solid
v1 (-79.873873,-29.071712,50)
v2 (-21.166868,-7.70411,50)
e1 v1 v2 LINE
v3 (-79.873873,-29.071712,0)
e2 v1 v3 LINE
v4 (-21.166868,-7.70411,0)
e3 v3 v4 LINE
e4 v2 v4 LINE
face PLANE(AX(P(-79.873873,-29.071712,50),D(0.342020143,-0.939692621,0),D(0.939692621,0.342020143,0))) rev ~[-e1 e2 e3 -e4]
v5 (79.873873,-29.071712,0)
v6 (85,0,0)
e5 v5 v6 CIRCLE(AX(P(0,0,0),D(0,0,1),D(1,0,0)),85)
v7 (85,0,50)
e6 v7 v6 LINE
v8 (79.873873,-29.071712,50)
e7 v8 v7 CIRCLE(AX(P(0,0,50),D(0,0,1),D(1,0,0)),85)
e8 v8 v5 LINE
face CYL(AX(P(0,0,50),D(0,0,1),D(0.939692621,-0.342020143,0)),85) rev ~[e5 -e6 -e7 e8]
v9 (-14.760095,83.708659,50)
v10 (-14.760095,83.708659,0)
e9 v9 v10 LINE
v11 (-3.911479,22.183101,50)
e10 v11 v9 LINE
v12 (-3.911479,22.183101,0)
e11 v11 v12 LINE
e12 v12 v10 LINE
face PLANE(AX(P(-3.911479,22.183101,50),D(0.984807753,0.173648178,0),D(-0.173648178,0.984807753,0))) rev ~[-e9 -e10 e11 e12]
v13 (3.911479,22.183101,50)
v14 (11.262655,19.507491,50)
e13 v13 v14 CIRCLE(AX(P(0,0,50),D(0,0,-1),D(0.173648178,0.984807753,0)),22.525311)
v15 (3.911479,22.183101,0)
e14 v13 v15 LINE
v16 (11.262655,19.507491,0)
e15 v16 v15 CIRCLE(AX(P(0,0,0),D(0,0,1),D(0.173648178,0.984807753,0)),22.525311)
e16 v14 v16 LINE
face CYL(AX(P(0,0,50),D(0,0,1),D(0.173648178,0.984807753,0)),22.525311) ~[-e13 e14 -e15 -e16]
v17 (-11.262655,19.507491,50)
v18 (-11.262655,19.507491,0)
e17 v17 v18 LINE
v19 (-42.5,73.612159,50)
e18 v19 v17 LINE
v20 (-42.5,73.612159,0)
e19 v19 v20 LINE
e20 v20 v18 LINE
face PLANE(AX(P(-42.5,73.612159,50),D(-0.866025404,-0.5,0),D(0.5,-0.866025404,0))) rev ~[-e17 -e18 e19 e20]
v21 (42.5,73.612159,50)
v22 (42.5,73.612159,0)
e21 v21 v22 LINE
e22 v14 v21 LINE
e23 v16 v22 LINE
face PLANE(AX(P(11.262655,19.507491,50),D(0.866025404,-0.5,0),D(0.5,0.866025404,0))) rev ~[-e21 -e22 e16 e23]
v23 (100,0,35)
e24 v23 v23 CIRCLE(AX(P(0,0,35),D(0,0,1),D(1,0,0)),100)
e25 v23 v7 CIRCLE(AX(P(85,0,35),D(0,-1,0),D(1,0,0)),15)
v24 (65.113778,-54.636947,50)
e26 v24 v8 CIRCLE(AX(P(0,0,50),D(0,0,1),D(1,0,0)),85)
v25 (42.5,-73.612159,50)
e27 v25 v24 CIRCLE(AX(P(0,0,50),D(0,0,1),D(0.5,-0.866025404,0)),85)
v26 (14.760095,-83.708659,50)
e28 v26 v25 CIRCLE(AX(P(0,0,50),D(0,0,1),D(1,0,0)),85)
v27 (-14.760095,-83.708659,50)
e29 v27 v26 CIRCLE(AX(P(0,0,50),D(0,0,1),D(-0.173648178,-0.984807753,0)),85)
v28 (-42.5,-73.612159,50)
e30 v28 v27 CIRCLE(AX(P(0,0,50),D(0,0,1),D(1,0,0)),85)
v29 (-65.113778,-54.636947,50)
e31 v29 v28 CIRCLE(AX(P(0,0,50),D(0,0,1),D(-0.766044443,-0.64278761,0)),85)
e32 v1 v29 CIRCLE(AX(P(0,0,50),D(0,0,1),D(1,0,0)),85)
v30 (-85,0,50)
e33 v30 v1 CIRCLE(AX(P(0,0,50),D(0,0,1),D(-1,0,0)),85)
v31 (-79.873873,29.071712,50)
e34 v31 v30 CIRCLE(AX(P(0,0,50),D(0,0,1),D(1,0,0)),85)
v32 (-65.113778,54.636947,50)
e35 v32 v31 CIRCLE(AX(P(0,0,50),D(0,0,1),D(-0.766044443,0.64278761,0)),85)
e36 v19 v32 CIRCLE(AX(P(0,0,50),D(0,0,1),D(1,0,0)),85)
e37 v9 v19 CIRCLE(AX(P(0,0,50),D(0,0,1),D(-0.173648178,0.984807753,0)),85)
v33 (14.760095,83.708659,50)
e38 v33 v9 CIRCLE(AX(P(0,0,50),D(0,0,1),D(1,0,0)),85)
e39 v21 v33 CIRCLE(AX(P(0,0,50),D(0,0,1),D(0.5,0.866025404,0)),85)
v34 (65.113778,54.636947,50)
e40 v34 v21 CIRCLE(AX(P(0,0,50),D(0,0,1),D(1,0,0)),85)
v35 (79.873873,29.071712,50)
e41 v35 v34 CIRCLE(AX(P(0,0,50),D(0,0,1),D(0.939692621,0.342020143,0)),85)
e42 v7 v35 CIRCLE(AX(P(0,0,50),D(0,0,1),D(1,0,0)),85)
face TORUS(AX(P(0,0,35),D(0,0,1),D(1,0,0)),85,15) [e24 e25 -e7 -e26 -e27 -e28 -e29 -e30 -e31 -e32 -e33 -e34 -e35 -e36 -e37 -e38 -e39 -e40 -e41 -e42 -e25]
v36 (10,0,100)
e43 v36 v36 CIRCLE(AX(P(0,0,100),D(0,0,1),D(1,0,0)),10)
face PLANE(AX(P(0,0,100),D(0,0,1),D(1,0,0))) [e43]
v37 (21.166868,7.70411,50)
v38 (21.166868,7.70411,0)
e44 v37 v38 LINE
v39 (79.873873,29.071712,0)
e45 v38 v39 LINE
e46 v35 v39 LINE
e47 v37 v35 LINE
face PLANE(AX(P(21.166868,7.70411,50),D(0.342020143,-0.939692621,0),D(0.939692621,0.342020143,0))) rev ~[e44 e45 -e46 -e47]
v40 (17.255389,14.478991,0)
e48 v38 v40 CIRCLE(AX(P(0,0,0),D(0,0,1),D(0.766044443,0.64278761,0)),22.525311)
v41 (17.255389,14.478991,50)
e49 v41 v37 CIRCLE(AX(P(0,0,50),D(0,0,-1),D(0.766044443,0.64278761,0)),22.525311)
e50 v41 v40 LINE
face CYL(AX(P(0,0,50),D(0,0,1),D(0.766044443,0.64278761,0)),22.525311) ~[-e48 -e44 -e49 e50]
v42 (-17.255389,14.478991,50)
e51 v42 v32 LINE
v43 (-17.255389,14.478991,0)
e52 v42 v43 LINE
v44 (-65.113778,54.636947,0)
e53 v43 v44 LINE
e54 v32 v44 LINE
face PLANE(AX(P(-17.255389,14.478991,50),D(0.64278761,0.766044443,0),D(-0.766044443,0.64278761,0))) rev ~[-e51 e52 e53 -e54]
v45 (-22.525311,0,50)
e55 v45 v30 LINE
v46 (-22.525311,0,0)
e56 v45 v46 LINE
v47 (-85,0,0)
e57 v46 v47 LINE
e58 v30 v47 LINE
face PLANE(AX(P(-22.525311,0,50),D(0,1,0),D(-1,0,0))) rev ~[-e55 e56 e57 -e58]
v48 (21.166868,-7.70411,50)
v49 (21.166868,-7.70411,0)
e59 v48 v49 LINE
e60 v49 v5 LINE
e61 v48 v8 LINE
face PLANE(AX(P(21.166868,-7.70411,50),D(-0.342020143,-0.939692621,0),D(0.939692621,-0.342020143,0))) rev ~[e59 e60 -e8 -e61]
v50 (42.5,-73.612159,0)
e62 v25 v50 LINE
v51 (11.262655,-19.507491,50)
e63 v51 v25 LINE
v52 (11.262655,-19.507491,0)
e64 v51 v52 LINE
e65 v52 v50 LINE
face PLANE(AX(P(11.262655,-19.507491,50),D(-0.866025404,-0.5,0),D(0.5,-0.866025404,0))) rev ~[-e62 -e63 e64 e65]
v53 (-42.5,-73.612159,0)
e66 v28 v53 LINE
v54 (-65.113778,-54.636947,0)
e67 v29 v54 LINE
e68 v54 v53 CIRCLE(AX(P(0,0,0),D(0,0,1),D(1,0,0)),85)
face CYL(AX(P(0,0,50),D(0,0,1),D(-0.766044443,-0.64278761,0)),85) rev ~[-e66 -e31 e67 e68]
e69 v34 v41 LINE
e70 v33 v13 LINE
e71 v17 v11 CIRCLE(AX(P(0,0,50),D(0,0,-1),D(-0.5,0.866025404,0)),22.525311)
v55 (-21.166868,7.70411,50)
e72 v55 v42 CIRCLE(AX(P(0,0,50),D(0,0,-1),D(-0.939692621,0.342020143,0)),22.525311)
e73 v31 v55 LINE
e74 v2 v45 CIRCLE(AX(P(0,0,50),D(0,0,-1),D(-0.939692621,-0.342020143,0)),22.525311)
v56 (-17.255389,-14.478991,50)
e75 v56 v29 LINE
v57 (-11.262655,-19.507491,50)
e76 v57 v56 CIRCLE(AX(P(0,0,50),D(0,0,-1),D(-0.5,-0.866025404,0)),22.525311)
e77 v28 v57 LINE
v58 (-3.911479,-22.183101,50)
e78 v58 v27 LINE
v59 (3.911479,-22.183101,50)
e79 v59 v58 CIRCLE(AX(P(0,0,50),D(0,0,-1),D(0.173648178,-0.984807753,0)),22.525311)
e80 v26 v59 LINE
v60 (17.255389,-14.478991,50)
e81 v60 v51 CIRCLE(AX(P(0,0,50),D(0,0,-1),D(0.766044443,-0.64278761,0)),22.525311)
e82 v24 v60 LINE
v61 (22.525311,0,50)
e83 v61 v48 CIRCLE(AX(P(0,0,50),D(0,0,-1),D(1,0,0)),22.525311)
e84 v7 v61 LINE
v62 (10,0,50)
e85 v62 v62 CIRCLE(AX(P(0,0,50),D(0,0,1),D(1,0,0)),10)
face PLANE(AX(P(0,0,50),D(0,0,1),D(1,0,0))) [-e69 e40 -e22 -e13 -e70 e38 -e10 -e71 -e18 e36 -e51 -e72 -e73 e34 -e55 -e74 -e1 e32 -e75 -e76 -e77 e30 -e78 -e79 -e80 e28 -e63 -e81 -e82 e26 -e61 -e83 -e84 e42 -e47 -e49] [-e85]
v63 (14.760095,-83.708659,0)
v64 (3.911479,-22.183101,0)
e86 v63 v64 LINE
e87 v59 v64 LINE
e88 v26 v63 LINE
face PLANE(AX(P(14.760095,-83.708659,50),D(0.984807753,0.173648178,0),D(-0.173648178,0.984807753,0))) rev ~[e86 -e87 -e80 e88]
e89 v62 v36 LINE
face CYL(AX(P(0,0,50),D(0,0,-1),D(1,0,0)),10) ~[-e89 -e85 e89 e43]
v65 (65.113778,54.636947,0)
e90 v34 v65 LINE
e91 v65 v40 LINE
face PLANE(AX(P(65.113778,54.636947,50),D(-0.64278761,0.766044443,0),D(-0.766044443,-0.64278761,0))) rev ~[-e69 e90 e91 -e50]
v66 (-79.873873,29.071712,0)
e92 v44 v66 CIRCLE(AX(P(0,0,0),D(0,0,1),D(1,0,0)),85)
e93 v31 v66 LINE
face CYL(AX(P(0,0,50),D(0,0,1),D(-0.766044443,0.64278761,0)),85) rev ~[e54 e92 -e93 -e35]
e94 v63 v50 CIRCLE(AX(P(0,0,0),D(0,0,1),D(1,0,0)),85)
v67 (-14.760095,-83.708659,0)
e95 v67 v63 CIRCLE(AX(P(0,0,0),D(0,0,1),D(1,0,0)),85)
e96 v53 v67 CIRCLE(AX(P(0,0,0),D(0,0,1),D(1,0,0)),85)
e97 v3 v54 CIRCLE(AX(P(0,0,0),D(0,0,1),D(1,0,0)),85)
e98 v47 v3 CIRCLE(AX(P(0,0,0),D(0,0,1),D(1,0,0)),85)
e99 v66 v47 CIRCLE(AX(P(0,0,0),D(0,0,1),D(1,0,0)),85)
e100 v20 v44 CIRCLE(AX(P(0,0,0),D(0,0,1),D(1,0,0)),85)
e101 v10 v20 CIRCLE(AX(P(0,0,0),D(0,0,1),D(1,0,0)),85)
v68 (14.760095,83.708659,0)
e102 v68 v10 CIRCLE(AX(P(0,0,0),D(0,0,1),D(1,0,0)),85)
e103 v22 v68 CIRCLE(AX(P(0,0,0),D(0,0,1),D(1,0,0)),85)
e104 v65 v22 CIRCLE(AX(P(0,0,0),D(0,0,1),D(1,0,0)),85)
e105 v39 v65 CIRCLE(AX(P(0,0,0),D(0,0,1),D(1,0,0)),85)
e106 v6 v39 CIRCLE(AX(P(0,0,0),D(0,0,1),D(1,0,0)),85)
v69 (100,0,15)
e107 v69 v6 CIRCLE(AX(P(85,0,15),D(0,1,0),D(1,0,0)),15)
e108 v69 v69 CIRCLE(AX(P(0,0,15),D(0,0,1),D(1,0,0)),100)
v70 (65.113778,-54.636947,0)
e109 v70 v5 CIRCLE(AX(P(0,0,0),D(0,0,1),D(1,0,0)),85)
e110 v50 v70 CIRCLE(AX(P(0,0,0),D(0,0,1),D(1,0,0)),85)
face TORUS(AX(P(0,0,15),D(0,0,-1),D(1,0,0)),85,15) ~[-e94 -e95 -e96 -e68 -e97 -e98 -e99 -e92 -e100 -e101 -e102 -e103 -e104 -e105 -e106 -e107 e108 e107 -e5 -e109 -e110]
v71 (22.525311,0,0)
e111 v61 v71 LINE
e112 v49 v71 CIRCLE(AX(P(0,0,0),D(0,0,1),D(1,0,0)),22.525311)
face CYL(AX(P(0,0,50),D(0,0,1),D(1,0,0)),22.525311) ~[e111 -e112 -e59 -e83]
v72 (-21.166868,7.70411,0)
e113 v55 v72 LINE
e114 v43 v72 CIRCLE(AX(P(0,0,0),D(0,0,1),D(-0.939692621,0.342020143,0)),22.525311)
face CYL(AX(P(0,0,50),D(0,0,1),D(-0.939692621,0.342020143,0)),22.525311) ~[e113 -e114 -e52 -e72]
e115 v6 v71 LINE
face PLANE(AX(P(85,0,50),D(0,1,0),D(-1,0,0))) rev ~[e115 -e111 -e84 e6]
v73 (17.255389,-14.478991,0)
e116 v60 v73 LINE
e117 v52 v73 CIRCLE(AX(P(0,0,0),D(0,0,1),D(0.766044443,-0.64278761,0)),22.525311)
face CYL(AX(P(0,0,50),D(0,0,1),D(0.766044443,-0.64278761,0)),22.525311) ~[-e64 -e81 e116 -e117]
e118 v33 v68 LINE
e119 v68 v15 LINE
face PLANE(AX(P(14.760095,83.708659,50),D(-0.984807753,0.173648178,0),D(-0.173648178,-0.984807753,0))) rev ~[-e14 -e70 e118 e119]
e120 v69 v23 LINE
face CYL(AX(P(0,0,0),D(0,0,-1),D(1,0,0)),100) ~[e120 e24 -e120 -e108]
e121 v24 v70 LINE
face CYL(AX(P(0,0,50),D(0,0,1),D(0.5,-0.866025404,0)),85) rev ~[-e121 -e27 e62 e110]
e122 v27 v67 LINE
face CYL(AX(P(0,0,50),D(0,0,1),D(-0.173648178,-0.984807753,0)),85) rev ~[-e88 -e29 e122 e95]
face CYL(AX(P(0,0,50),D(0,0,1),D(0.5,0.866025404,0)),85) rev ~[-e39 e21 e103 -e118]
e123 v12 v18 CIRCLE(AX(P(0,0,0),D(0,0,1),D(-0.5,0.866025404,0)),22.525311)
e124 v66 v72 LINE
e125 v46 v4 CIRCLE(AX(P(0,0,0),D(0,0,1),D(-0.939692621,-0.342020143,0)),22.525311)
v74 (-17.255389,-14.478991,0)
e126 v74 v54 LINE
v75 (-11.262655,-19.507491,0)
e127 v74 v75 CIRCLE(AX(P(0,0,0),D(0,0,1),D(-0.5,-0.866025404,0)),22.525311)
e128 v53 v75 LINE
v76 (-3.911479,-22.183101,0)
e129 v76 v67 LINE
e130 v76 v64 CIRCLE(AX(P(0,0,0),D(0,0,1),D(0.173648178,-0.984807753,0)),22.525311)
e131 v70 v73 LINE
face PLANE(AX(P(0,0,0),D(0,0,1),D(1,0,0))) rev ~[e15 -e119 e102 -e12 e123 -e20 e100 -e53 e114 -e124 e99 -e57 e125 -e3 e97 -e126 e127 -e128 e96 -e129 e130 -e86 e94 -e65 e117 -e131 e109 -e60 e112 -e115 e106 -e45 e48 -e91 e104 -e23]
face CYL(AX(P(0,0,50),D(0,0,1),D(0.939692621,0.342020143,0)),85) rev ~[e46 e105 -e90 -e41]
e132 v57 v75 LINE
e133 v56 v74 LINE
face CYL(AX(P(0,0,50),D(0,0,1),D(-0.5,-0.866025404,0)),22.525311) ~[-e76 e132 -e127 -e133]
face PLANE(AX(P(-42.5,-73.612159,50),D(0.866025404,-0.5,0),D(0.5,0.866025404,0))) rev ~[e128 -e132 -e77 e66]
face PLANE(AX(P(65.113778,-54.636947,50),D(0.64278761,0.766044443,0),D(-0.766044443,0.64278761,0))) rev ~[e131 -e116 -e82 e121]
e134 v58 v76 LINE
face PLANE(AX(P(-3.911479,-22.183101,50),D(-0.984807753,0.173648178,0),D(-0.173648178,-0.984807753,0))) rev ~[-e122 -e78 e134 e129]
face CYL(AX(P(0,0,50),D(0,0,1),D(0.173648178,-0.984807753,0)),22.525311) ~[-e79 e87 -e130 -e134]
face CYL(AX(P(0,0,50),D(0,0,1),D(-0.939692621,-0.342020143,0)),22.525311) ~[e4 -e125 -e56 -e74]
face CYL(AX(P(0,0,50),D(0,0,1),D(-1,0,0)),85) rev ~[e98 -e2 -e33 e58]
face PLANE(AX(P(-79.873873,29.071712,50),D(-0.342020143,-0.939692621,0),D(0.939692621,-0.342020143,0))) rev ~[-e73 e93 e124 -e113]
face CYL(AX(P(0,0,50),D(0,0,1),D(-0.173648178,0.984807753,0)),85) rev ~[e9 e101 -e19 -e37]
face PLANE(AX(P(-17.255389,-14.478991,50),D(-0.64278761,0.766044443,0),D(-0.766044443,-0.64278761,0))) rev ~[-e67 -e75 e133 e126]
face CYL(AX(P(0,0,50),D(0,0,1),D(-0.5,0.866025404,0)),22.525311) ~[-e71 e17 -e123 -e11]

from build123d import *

# Parameters (mm, degrees)
SKETCH_1_R          = 100
EXTRUDE_1_DEPTH     = 50
SKETCH_2_R          = 10
EXTRUDE_2_DEPTH     = 50
FILLET_1_R          = 15
CUT_EXTRUDE_1_DEPTH = 151.000000067


with BuildPart() as part:
    # 草图1 → 凸台-拉伸1 (new body)
    with BuildSketch(Plane.XY):
        Circle(SKETCH_1_R)
    extrude(amount=EXTRUDE_1_DEPTH)

    # 草图2 → 凸台-拉伸2 (add)
    with BuildSketch(Plane.XY.offset(50)):
        Circle(SKETCH_2_R)
    extrude(amount=EXTRUDE_2_DEPTH)

    # 圆角1
    fillet_1_edges = [part.edges().sort_by_distance(p)[0] for p in [
        (-100, 0, 0),
        (-100, 0, 50),
    ]]
    fillet(fillet_1_edges, radius=FILLET_1_R)

    # 草图3 → 切除-拉伸1 (cut, through all)
    with BuildSketch(Plane.XY.offset(50)):
        with BuildLine():
            ThreePointArc((-11.262655322, 19.507491245), (-7.704109975, 21.166868192), (-3.911479145, 22.18310056))
            Line((-3.911479145, 22.18310056), (-14.760095102, 83.708659006))
            ThreePointArc((-14.760095102, 83.708659006), (-29.071712183, 79.873872767), (-42.5, 73.612159322))
            Line((-42.5, 73.612159322), (-11.262655322, 19.507491245))
        make_face()
        with BuildLine():
            Line((14.760095102, 83.708659006), (3.911479145, 22.18310056))
            ThreePointArc((3.911479145, 22.18310056), (7.704109975, 21.166868192), (11.262655322, 19.507491245))
            Line((11.262655322, 19.507491245), (42.5, 73.612159322))
            ThreePointArc((42.5, 73.612159322), (29.071712183, 79.873872767), (14.760095102, 83.708659006))
        make_face()
        with BuildLine():
            Line((65.113777665, 54.636946823), (17.255389048, 14.478990586))
            ThreePointArc((17.255389048, 14.478990586), (19.507491245, 11.262655322), (21.166868192, 7.704109975))
            Line((21.166868192, 7.704109975), (79.873872767, 29.071712183))
            ThreePointArc((79.873872767, 29.071712183), (73.612159322, 42.5), (65.113777665, 54.636946823))
        make_face()
        with BuildLine():
            Line((85, 0), (22.525310643, 0))
            ThreePointArc((22.525310643, 0), (22.18310056, -3.911479145), (21.166868192, -7.704109975))
            Line((21.166868192, -7.704109975), (79.873872767, -29.071712183))
            ThreePointArc((79.873872767, -29.071712183), (83.708659006, -14.760095102), (85, 0))
        make_face()
        with BuildLine():
            Line((65.113777665, -54.636946823), (17.255389048, -14.478990586))
            ThreePointArc((17.255389048, -14.478990586), (14.478990586, -17.255389048), (11.262655322, -19.507491245))
            Line((11.262655322, -19.507491245), (42.5, -73.612159322))
            ThreePointArc((42.5, -73.612159322), (54.636946823, -65.113777665), (65.113777665, -54.636946823))
        make_face()
        with BuildLine():
            Line((14.760095102, -83.708659006), (3.911479145, -22.18310056))
            ThreePointArc((3.911479145, -22.18310056), (0, -22.525310643), (-3.911479145, -22.18310056))
            Line((-3.911479145, -22.18310056), (-14.760095102, -83.708659006))
            ThreePointArc((-14.760095102, -83.708659006), (0, -85), (14.760095102, -83.708659006))
        make_face()
        with BuildLine():
            Line((-42.5, -73.612159322), (-11.262655322, -19.507491245))
            ThreePointArc((-11.262655322, -19.507491245), (-14.478990586, -17.255389048), (-17.255389048, -14.478990586))
            Line((-17.255389048, -14.478990586), (-65.113777665, -54.636946823))
            ThreePointArc((-65.113777665, -54.636946823), (-54.636946823, -65.113777665), (-42.5, -73.612159322))
        make_face()
        with BuildLine():
            Line((-79.873872767, -29.071712183), (-21.166868192, -7.704109975))
            ThreePointArc((-21.166868192, -7.704109975), (-22.18310056, -3.911479145), (-22.525310643, 0))
            Line((-22.525310643, 0), (-85, 0))
            ThreePointArc((-85, 0), (-83.708659006, -14.760095102), (-79.873872767, -29.071712183))
        make_face()
        with BuildLine():
            Line((-79.873872767, 29.071712183), (-21.166868192, 7.704109975))
            ThreePointArc((-21.166868192, 7.704109975), (-19.507491245, 11.262655322), (-17.255389048, 14.478990586))
            Line((-17.255389048, 14.478990586), (-65.113777665, 54.636946823))
            ThreePointArc((-65.113777665, 54.636946823), (-73.612159322, 42.5), (-79.873872767, 29.071712183))
        make_face()
    extrude(amount=-CUT_EXTRUDE_1_DEPTH, mode=Mode.SUBTRACT)


solid = part.part
